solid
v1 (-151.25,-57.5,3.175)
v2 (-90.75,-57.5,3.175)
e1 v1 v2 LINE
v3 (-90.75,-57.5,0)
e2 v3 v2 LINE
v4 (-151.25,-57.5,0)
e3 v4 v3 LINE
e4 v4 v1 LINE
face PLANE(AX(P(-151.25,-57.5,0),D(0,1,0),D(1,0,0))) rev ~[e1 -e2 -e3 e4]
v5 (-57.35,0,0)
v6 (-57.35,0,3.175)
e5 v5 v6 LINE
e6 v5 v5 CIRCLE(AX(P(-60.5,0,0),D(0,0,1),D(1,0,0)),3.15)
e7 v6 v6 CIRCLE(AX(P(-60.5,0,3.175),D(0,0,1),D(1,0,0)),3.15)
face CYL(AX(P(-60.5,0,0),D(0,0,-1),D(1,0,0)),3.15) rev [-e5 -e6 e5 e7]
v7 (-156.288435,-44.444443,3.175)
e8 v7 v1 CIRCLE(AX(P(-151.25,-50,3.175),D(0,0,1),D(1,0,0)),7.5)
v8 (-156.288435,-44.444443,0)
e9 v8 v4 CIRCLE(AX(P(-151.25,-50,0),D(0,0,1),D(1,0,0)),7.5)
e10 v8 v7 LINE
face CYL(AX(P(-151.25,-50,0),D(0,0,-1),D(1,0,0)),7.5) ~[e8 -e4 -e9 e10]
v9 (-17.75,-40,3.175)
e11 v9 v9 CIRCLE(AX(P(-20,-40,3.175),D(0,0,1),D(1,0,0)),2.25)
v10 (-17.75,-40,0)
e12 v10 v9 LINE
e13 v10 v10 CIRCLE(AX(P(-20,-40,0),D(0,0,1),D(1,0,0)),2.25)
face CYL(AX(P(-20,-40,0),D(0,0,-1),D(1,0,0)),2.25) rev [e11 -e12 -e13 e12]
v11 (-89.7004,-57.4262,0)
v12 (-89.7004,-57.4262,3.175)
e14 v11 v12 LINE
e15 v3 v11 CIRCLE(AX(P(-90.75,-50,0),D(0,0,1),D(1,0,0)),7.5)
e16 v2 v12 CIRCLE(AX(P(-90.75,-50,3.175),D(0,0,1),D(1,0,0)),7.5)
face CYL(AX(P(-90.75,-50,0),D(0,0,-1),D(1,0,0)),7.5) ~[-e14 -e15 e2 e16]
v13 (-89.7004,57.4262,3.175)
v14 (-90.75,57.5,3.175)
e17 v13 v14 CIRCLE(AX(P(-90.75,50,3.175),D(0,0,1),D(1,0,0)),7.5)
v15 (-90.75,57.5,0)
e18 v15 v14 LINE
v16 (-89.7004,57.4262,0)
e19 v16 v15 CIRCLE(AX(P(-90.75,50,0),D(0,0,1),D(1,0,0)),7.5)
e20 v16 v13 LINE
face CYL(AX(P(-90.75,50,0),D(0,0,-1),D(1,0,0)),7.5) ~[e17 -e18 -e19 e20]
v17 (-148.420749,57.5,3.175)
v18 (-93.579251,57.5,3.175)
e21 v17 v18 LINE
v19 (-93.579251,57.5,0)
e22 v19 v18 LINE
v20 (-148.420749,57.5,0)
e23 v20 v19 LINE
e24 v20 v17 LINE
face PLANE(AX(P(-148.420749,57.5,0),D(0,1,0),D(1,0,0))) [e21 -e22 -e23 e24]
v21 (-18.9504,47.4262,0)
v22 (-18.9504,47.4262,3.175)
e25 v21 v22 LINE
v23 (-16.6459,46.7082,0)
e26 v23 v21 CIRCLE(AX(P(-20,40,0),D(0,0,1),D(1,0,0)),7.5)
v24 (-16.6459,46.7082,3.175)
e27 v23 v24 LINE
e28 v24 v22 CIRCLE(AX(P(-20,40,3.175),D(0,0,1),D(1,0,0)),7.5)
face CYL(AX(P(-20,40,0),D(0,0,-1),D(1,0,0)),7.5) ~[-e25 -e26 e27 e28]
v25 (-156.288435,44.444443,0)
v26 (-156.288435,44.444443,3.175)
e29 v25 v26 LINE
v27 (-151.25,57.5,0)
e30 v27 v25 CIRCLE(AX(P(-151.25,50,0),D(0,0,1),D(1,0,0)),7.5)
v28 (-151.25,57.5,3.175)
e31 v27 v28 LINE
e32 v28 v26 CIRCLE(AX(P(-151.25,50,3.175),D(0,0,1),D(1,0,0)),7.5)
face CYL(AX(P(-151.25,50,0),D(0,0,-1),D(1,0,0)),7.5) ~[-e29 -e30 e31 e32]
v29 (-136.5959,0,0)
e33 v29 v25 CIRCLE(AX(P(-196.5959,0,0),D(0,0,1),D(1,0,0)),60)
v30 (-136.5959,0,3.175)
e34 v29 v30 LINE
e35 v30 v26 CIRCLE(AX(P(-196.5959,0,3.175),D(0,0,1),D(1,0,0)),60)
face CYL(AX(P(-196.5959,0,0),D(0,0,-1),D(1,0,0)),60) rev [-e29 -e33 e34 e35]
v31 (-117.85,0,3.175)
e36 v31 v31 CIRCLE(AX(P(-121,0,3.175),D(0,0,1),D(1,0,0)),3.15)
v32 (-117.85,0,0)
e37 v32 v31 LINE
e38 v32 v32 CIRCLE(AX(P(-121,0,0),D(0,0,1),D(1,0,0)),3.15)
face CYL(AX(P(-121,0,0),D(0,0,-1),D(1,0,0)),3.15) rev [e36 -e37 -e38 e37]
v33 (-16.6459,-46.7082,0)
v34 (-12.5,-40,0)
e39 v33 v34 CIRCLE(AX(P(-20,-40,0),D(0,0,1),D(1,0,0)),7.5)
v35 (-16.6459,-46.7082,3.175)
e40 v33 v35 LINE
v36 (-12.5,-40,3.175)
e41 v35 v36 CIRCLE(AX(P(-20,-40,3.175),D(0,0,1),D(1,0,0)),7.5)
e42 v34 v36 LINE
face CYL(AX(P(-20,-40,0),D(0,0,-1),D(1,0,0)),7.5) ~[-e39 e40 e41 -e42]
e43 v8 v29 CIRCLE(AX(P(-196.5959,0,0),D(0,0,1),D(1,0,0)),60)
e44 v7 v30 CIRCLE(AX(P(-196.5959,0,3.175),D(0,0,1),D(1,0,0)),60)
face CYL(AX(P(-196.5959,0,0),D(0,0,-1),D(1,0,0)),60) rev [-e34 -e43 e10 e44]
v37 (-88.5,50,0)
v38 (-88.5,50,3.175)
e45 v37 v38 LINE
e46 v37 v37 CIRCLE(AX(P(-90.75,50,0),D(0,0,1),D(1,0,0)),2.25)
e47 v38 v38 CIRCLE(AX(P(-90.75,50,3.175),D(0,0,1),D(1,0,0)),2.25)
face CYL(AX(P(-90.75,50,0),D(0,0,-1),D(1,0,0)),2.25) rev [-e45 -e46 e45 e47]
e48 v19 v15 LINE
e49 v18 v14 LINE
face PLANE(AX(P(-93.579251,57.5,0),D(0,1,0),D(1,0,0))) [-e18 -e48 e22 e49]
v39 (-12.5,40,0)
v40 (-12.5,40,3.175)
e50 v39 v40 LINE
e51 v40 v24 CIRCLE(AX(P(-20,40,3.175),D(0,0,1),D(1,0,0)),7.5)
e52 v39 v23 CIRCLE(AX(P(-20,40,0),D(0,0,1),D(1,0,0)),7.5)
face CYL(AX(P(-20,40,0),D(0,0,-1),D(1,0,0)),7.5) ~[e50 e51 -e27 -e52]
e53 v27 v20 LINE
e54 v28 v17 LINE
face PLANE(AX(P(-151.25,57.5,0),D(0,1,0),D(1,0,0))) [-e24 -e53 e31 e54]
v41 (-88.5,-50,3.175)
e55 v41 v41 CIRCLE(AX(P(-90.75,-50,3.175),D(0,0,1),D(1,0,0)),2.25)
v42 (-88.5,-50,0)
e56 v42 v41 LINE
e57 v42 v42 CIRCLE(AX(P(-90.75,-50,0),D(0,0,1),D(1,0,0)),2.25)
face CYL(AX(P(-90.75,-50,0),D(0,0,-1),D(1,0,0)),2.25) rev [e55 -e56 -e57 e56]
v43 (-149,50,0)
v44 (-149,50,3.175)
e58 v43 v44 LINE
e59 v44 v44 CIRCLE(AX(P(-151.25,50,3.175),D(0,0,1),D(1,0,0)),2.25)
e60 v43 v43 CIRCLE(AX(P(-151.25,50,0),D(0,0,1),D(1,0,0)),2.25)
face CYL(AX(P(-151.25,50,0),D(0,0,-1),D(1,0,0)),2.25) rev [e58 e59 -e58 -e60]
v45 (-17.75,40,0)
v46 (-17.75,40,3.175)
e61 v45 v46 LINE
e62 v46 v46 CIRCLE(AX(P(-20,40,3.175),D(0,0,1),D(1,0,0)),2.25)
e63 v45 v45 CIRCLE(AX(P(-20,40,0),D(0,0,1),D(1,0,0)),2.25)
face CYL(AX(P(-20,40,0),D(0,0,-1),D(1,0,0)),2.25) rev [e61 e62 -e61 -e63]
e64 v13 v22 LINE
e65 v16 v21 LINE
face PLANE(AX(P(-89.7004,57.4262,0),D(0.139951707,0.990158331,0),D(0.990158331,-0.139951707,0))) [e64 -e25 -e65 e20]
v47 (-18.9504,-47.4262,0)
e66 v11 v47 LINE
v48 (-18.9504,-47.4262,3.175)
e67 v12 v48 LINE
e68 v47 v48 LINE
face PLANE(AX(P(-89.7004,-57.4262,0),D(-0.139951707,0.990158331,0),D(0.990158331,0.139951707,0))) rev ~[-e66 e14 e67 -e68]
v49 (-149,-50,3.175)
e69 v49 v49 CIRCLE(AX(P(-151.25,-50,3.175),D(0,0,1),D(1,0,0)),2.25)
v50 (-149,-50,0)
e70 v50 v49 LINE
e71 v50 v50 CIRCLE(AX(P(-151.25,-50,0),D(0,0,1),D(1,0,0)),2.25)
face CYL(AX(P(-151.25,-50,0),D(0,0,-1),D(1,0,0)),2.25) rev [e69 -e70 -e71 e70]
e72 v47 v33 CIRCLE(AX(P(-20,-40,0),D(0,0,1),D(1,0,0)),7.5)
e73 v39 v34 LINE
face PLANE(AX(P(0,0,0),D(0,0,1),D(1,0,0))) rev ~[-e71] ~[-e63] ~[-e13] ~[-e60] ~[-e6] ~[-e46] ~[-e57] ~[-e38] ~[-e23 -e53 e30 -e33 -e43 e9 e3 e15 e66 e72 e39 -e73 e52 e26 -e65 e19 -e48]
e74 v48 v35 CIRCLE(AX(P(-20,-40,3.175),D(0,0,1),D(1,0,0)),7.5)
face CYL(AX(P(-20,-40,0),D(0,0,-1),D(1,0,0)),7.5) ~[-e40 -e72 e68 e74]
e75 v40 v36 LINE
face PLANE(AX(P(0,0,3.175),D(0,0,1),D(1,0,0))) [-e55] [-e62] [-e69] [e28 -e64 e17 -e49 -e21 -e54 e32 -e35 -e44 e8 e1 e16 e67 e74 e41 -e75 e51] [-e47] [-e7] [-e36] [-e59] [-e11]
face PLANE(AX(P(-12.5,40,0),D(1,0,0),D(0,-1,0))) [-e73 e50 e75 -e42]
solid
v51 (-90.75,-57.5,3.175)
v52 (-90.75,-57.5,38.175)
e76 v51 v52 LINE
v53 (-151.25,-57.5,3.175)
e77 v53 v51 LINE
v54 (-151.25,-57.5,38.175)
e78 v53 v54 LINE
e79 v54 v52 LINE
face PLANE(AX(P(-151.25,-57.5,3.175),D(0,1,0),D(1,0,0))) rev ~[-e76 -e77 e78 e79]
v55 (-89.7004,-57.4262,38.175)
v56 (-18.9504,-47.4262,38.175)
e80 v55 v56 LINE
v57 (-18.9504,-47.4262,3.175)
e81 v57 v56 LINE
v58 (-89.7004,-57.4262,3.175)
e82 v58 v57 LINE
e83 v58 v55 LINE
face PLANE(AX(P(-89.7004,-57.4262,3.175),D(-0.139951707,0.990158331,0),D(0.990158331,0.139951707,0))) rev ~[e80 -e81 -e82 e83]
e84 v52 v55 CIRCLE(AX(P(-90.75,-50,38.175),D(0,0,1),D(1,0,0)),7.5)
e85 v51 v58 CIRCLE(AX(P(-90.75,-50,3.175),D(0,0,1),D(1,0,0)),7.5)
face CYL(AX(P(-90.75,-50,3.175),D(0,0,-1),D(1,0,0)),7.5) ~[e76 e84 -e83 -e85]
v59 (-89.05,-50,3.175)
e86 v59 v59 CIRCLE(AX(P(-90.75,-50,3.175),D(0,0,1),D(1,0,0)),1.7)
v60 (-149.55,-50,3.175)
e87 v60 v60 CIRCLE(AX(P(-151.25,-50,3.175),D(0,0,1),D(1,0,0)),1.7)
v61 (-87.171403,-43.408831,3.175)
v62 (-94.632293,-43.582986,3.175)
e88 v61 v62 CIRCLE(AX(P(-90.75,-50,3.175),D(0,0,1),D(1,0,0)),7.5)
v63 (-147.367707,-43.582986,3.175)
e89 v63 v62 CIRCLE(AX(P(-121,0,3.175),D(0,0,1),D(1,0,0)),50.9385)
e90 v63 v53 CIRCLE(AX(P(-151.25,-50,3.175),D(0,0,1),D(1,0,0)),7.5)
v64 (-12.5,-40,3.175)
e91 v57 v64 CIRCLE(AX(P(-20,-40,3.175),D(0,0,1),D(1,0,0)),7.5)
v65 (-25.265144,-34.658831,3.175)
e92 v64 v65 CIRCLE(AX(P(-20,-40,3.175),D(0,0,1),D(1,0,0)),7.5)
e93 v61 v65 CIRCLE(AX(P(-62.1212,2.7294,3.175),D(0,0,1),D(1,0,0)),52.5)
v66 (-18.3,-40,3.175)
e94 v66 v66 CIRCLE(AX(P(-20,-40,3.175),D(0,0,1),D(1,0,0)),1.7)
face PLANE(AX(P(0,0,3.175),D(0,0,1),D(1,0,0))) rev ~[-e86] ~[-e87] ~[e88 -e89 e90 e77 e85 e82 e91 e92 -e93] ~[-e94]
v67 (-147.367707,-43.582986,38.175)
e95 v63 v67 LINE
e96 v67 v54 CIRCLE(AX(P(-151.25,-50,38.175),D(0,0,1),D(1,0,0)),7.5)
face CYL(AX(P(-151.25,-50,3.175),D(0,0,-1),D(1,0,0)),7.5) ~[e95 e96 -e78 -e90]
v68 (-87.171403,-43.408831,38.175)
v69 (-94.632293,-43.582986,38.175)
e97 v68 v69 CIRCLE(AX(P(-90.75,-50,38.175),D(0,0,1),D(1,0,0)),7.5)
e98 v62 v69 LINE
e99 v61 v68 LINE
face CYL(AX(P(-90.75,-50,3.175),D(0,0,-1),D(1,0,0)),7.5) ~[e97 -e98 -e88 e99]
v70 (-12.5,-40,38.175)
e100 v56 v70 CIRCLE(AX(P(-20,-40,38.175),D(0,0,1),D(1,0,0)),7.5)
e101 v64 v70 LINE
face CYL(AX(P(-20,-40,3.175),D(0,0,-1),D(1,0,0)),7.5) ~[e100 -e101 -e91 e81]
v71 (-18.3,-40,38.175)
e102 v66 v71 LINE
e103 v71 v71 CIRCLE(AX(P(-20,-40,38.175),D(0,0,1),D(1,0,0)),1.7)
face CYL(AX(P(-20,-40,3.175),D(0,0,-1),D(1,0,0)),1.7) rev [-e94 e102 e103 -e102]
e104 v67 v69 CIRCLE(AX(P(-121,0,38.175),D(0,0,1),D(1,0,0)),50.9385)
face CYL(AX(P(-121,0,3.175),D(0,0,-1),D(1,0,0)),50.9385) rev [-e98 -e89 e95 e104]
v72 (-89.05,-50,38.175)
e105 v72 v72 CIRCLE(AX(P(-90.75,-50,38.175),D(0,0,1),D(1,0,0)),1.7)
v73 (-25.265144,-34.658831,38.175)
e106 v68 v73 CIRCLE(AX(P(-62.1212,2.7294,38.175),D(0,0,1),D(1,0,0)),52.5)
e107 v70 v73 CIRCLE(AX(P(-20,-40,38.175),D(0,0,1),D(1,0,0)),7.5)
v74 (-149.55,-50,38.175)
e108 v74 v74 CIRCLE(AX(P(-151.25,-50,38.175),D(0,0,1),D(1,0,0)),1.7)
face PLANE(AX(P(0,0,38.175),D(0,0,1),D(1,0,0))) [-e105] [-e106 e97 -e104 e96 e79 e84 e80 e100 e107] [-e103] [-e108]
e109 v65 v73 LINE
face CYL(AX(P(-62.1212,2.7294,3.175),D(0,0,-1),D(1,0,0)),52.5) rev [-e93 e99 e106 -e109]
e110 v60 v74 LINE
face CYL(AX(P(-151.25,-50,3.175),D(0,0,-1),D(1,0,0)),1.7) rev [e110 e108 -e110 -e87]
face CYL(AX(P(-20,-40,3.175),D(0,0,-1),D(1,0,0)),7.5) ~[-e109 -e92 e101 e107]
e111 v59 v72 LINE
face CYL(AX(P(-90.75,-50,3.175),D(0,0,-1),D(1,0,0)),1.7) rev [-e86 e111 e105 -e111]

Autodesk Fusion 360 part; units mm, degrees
sketch "Sketch1" plane through (0, 0, 0) normal (0, 0, 1) x (1, 0, 0)
  circle A0 centre (0, 0) radius 5
  line L0 (0, 0) -> (-60.5, 0) construction
  line L1 (-60.5, 0) -> (-121, 0) construction
  circle A1 centre (-60.5, 0) radius 3.15
  circle A2 centre (-121, 0) radius 3.15
  circle A3 centre (-60.5, 0) radius 47 construction
  circle A4 centre (-121, 0) radius 47 construction
  circle A5 centre (0, 0) radius 17.5 construction
  circle A6 centre (-60.5, 0) radius 17 construction
  circle A7 centre (0, 0) radius 12.5 construction
  circle A8 centre (0, 30) radius 2.25
  circle A9 centre (0, -30) radius 2.25
  circle A10 centre (0, 30) radius 6 construction
  circle A11 centre (0, -30) radius 6 construction
  line L2 (-90.75, 0) -> (-90.75, 50) construction
  circle A12 centre (-90.75, 50) radius 7.5
  circle A13 centre (-90.75, 50) radius 2.25
  line L3 (-90.75, 0) -> (-90.75, -50) construction
  circle A14 centre (-90.75, -50) radius 7.5
  circle A15 centre (-90.75, -50) radius 2.25
  line L4 (-121, 0) -> (-151.25, 0) construction
  line L5 (-151.25, 0) -> (-151.25, 50) construction
  circle A16 centre (-151.25, 50) radius 7.5
  circle A17 centre (-151.25, 50) radius 2.25
  line L6 (-151.25, 0) -> (-151.25, -50) construction
  circle A18 centre (-151.25, -50) radius 7.5
  circle A19 centre (-151.25, -50) radius 2.25
  circle A20 centre (-20, 40) radius 7.5
  line L7 (-20, 40) -> (-20, 0) construction
  line L8 (-20, 0) -> (-20, -40) construction
  circle A21 centre (-20, -40) radius 7.5
  circle A22 centre (-20, -40) radius 2.25
  circle A23 centre (-20, 40) radius 2.25
  line L9 (-89.7004, -57.4262) -> (-18.9504, -47.4262)
  circle A24 centre (0, -30) radius 7.5
  circle A25 centre (0, 30) radius 7.5
  line L10 (-89.7004, 57.4262) -> (-18.9504, 47.4262)
  circle A26 centre (-196.5959, 0) radius 60
  line L11 (-16.6459, 46.7082) -> (3.3541, 36.7082)
  line L12 (7.0711, 32.5) -> (16.4992, 5.8333)
  line L13 (7.0711, -32.5) -> (16.4992, -5.8333)
  line L14 (-16.6459, -46.7082) -> (3.3541, -36.7082)
  circle A27 centre (-121, 86.6222) radius 40
  line L15 (-151.25, -57.5) -> (-90.75, -57.5)
  line L16 (-160.1233, -61.9813) -> (16.4992, -61.9813) construction
  line L17 (-12.5, 40) -> (-12.5, -40)
  line L18 (-151.25, 57.5) -> (-90.75, 57.5)
  dimension "d1" = 10
  dimension "d2" = 60.5
  dimension "d4" = 60.5
  dimension "d6" = 6.3
  dimension "d7" = 6.3
  dimension "d8" = 94
  dimension "d9" = 94
  dimension "d10" = 35
  dimension "d11" = 34
  dimension "d12" = 25
  dimension "d13" = 4.5
  dimension "d14" = 4.5
  dimension "d15" = 60
  dimension "d16" = 12
  dimension "d17" = 12
  dimension "d18" = 15
  dimension "d19" = 50
  dimension "d20" = 4.5
  dimension "d21" = 15
  dimension "d22" = 4.5
  dimension "d23" = 30.25
  dimension "d24" = 15
  dimension "d25" = 4.5
  dimension "d26" = 15
  dimension "d27" = 4.5
  dimension "d28" = 15
  dimension "d29" = 40
  dimension "d30" = 20
  dimension "d31" = 15
  dimension "d32" = 4.5
  dimension "d33" = 4.5
  dimension "d34" = 15
  dimension "d35" = 15
  dimension "d36" = 120
  dimension "d37" = 80
extrude "Extrude1" add sketch "Sketch1" along normal blind 3.175 contours A12 | A12 A14 A16 A18 A20 A21 L9 L10 A26 A27 L15 L17 | A12 A27 L18 | A27 L18 | A20 | A16 | A16 A27 L18 | A21 | A18 | A14 picked at (-127.9955, 54.7116) makes body 1
ref_plane "WorkPlane1" through (-86.2997, 0, 3.175) normal (0, 0, 1) x (1, 0, 0)
sketch "Sketch2" plane through (0, 0, 3.175) normal (0, 0, 1) x (1, 0, 0)
  circle A0 centre (-90.75, -50) radius 2.25
  circle A1 centre (-90.75, 50) radius 2.25
  circle A2 centre (-151.25, 50) radius 2.25
  circle A3 centre (-20, 40) radius 2.25
  circle A4 centre (-20, -40) radius 2.25
  circle A5 centre (-60.5, 0) radius 3.15
  circle A6 centre (-121, 0) radius 3.15
  circle A7 centre (-151.25, -50) radius 2.25
  line L0 (-151.25, -57.5) -> (-90.75, -57.5)
  arc A8 (-156.2884, -44.4444) -> (-151.25, -57.5) centre (-151.25, -50) ccw
  arc A9 (-156.2884, -44.4444) -> (-156.2884, 44.4444) centre (-196.5959, 0) ccw
  arc A10 (-151.25, 57.5) -> (-156.2884, 44.4444) centre (-151.25, 50) ccw
  line L1 (-151.25, 57.5) -> (-90.75, 57.5)
  arc A11 (-89.7004, 57.4262) -> (-90.75, 57.5) centre (-90.75, 50) ccw
  line L2 (-89.7004, 57.4262) -> (-18.9504, 47.4262)
  arc A12 (-12.5, 40) -> (-18.9504, 47.4262) centre (-20, 40) ccw
  line L3 (-12.5, 40) -> (-12.5, -40)
  arc A13 (-18.9504, -47.4262) -> (-12.5, -40) centre (-20, -40) ccw
  line L4 (-89.7004, -57.4262) -> (-18.9504, -47.4262)
  arc A14 (-90.75, -57.5) -> (-89.7004, -57.4262) centre (-90.75, -50) ccw
ref_plane "WorkPlane2" through (-86.2997, 0, 3.175) normal (0, 0, 1) x (1, 0, 0)
sketch "Sketch3" plane through (0, 0, 3.175) normal (0, 0, 1) x (1, 0, 0)
  circle A0 centre (-121, 0) radius 47 construction
  circle A1 centre (-60.5, 0) radius 47 construction
  circle A2 centre (-151.25, -50) radius 7.5
  circle A3 centre (-151.25, -50) radius 1.7
  circle A4 centre (-90.75, -50) radius 7.5
  circle A5 centre (-90.75, -50) radius 1.7
  circle A6 centre (-20, -40) radius 7.5
  circle A7 centre (-20, -40) radius 1.7
  circle A8 centre (-121, 0) radius 50.9385
  circle A9 centre (-62.1212, 2.7294) radius 52.5
  line L0 (-151.25, -57.5) -> (-90.75, -57.5)
  line L1 (-89.7004, -57.4262) -> (-18.9504, -47.4262)
  point P0 (-151.25, -50)
  point P1 (-90.75, -50)
  point P2 (-20, -40)
  dimension "d46" = 15
  dimension "d48" = 3.4
  dimension "d49" = 15
  dimension "d50" = 3.4
  dimension "d51" = 15
  dimension "d52" = 3.4
  dimension "d54" = 105
extrude "Extrude2" add sketch "Sketch3" along normal blind 35 separate body contours A2 | A2 A4 A8 L0 | A4 | A4 A6 A9 L1 | A6 makes body 2
copy_body "Body->Comp1" bodies 2 removing the originals makes body 3 in component "Component"
component "Component" placed x (1, 0, 0) y (0, 1, 0) z (0, 0, 1) at (0, 0, 0)
equation "d2 = distBetweenGears"
equation "distBetweenGears = 60.5 mm"
equation "d4 = distBetweenGears"
equation "acrylicRoundHoleSize = 6.3 mm"
equation "d6 = acrylicRoundHoleSize"
equation "d7 = acrylicRoundHoleSize"
equation "d13 = WoodScrewHoleSize"
equation "d14 = WoodScrewHoleSize"
equation "d20 = WoodScrewHoleSize"
equation "d22 = WoodScrewHoleSize"
equation "d23 = distBetweenGears / 2"
equation "d25 = WoodScrewHoleSize"
equation "d27 = WoodScrewHoleSize"
equation "d32 = WoodScrewHoleSize"
equation "d33 = WoodScrewHoleSize"
equation "WoodScrewHoleSize = 4.5 mm"
equation "PrintScrewHoleSize = 3.4 mm"
equation "d48 = PrintScrewHoleSize"
equation "d50 = PrintScrewHoleSize"
equation "d52 = PrintScrewHoleSize"
